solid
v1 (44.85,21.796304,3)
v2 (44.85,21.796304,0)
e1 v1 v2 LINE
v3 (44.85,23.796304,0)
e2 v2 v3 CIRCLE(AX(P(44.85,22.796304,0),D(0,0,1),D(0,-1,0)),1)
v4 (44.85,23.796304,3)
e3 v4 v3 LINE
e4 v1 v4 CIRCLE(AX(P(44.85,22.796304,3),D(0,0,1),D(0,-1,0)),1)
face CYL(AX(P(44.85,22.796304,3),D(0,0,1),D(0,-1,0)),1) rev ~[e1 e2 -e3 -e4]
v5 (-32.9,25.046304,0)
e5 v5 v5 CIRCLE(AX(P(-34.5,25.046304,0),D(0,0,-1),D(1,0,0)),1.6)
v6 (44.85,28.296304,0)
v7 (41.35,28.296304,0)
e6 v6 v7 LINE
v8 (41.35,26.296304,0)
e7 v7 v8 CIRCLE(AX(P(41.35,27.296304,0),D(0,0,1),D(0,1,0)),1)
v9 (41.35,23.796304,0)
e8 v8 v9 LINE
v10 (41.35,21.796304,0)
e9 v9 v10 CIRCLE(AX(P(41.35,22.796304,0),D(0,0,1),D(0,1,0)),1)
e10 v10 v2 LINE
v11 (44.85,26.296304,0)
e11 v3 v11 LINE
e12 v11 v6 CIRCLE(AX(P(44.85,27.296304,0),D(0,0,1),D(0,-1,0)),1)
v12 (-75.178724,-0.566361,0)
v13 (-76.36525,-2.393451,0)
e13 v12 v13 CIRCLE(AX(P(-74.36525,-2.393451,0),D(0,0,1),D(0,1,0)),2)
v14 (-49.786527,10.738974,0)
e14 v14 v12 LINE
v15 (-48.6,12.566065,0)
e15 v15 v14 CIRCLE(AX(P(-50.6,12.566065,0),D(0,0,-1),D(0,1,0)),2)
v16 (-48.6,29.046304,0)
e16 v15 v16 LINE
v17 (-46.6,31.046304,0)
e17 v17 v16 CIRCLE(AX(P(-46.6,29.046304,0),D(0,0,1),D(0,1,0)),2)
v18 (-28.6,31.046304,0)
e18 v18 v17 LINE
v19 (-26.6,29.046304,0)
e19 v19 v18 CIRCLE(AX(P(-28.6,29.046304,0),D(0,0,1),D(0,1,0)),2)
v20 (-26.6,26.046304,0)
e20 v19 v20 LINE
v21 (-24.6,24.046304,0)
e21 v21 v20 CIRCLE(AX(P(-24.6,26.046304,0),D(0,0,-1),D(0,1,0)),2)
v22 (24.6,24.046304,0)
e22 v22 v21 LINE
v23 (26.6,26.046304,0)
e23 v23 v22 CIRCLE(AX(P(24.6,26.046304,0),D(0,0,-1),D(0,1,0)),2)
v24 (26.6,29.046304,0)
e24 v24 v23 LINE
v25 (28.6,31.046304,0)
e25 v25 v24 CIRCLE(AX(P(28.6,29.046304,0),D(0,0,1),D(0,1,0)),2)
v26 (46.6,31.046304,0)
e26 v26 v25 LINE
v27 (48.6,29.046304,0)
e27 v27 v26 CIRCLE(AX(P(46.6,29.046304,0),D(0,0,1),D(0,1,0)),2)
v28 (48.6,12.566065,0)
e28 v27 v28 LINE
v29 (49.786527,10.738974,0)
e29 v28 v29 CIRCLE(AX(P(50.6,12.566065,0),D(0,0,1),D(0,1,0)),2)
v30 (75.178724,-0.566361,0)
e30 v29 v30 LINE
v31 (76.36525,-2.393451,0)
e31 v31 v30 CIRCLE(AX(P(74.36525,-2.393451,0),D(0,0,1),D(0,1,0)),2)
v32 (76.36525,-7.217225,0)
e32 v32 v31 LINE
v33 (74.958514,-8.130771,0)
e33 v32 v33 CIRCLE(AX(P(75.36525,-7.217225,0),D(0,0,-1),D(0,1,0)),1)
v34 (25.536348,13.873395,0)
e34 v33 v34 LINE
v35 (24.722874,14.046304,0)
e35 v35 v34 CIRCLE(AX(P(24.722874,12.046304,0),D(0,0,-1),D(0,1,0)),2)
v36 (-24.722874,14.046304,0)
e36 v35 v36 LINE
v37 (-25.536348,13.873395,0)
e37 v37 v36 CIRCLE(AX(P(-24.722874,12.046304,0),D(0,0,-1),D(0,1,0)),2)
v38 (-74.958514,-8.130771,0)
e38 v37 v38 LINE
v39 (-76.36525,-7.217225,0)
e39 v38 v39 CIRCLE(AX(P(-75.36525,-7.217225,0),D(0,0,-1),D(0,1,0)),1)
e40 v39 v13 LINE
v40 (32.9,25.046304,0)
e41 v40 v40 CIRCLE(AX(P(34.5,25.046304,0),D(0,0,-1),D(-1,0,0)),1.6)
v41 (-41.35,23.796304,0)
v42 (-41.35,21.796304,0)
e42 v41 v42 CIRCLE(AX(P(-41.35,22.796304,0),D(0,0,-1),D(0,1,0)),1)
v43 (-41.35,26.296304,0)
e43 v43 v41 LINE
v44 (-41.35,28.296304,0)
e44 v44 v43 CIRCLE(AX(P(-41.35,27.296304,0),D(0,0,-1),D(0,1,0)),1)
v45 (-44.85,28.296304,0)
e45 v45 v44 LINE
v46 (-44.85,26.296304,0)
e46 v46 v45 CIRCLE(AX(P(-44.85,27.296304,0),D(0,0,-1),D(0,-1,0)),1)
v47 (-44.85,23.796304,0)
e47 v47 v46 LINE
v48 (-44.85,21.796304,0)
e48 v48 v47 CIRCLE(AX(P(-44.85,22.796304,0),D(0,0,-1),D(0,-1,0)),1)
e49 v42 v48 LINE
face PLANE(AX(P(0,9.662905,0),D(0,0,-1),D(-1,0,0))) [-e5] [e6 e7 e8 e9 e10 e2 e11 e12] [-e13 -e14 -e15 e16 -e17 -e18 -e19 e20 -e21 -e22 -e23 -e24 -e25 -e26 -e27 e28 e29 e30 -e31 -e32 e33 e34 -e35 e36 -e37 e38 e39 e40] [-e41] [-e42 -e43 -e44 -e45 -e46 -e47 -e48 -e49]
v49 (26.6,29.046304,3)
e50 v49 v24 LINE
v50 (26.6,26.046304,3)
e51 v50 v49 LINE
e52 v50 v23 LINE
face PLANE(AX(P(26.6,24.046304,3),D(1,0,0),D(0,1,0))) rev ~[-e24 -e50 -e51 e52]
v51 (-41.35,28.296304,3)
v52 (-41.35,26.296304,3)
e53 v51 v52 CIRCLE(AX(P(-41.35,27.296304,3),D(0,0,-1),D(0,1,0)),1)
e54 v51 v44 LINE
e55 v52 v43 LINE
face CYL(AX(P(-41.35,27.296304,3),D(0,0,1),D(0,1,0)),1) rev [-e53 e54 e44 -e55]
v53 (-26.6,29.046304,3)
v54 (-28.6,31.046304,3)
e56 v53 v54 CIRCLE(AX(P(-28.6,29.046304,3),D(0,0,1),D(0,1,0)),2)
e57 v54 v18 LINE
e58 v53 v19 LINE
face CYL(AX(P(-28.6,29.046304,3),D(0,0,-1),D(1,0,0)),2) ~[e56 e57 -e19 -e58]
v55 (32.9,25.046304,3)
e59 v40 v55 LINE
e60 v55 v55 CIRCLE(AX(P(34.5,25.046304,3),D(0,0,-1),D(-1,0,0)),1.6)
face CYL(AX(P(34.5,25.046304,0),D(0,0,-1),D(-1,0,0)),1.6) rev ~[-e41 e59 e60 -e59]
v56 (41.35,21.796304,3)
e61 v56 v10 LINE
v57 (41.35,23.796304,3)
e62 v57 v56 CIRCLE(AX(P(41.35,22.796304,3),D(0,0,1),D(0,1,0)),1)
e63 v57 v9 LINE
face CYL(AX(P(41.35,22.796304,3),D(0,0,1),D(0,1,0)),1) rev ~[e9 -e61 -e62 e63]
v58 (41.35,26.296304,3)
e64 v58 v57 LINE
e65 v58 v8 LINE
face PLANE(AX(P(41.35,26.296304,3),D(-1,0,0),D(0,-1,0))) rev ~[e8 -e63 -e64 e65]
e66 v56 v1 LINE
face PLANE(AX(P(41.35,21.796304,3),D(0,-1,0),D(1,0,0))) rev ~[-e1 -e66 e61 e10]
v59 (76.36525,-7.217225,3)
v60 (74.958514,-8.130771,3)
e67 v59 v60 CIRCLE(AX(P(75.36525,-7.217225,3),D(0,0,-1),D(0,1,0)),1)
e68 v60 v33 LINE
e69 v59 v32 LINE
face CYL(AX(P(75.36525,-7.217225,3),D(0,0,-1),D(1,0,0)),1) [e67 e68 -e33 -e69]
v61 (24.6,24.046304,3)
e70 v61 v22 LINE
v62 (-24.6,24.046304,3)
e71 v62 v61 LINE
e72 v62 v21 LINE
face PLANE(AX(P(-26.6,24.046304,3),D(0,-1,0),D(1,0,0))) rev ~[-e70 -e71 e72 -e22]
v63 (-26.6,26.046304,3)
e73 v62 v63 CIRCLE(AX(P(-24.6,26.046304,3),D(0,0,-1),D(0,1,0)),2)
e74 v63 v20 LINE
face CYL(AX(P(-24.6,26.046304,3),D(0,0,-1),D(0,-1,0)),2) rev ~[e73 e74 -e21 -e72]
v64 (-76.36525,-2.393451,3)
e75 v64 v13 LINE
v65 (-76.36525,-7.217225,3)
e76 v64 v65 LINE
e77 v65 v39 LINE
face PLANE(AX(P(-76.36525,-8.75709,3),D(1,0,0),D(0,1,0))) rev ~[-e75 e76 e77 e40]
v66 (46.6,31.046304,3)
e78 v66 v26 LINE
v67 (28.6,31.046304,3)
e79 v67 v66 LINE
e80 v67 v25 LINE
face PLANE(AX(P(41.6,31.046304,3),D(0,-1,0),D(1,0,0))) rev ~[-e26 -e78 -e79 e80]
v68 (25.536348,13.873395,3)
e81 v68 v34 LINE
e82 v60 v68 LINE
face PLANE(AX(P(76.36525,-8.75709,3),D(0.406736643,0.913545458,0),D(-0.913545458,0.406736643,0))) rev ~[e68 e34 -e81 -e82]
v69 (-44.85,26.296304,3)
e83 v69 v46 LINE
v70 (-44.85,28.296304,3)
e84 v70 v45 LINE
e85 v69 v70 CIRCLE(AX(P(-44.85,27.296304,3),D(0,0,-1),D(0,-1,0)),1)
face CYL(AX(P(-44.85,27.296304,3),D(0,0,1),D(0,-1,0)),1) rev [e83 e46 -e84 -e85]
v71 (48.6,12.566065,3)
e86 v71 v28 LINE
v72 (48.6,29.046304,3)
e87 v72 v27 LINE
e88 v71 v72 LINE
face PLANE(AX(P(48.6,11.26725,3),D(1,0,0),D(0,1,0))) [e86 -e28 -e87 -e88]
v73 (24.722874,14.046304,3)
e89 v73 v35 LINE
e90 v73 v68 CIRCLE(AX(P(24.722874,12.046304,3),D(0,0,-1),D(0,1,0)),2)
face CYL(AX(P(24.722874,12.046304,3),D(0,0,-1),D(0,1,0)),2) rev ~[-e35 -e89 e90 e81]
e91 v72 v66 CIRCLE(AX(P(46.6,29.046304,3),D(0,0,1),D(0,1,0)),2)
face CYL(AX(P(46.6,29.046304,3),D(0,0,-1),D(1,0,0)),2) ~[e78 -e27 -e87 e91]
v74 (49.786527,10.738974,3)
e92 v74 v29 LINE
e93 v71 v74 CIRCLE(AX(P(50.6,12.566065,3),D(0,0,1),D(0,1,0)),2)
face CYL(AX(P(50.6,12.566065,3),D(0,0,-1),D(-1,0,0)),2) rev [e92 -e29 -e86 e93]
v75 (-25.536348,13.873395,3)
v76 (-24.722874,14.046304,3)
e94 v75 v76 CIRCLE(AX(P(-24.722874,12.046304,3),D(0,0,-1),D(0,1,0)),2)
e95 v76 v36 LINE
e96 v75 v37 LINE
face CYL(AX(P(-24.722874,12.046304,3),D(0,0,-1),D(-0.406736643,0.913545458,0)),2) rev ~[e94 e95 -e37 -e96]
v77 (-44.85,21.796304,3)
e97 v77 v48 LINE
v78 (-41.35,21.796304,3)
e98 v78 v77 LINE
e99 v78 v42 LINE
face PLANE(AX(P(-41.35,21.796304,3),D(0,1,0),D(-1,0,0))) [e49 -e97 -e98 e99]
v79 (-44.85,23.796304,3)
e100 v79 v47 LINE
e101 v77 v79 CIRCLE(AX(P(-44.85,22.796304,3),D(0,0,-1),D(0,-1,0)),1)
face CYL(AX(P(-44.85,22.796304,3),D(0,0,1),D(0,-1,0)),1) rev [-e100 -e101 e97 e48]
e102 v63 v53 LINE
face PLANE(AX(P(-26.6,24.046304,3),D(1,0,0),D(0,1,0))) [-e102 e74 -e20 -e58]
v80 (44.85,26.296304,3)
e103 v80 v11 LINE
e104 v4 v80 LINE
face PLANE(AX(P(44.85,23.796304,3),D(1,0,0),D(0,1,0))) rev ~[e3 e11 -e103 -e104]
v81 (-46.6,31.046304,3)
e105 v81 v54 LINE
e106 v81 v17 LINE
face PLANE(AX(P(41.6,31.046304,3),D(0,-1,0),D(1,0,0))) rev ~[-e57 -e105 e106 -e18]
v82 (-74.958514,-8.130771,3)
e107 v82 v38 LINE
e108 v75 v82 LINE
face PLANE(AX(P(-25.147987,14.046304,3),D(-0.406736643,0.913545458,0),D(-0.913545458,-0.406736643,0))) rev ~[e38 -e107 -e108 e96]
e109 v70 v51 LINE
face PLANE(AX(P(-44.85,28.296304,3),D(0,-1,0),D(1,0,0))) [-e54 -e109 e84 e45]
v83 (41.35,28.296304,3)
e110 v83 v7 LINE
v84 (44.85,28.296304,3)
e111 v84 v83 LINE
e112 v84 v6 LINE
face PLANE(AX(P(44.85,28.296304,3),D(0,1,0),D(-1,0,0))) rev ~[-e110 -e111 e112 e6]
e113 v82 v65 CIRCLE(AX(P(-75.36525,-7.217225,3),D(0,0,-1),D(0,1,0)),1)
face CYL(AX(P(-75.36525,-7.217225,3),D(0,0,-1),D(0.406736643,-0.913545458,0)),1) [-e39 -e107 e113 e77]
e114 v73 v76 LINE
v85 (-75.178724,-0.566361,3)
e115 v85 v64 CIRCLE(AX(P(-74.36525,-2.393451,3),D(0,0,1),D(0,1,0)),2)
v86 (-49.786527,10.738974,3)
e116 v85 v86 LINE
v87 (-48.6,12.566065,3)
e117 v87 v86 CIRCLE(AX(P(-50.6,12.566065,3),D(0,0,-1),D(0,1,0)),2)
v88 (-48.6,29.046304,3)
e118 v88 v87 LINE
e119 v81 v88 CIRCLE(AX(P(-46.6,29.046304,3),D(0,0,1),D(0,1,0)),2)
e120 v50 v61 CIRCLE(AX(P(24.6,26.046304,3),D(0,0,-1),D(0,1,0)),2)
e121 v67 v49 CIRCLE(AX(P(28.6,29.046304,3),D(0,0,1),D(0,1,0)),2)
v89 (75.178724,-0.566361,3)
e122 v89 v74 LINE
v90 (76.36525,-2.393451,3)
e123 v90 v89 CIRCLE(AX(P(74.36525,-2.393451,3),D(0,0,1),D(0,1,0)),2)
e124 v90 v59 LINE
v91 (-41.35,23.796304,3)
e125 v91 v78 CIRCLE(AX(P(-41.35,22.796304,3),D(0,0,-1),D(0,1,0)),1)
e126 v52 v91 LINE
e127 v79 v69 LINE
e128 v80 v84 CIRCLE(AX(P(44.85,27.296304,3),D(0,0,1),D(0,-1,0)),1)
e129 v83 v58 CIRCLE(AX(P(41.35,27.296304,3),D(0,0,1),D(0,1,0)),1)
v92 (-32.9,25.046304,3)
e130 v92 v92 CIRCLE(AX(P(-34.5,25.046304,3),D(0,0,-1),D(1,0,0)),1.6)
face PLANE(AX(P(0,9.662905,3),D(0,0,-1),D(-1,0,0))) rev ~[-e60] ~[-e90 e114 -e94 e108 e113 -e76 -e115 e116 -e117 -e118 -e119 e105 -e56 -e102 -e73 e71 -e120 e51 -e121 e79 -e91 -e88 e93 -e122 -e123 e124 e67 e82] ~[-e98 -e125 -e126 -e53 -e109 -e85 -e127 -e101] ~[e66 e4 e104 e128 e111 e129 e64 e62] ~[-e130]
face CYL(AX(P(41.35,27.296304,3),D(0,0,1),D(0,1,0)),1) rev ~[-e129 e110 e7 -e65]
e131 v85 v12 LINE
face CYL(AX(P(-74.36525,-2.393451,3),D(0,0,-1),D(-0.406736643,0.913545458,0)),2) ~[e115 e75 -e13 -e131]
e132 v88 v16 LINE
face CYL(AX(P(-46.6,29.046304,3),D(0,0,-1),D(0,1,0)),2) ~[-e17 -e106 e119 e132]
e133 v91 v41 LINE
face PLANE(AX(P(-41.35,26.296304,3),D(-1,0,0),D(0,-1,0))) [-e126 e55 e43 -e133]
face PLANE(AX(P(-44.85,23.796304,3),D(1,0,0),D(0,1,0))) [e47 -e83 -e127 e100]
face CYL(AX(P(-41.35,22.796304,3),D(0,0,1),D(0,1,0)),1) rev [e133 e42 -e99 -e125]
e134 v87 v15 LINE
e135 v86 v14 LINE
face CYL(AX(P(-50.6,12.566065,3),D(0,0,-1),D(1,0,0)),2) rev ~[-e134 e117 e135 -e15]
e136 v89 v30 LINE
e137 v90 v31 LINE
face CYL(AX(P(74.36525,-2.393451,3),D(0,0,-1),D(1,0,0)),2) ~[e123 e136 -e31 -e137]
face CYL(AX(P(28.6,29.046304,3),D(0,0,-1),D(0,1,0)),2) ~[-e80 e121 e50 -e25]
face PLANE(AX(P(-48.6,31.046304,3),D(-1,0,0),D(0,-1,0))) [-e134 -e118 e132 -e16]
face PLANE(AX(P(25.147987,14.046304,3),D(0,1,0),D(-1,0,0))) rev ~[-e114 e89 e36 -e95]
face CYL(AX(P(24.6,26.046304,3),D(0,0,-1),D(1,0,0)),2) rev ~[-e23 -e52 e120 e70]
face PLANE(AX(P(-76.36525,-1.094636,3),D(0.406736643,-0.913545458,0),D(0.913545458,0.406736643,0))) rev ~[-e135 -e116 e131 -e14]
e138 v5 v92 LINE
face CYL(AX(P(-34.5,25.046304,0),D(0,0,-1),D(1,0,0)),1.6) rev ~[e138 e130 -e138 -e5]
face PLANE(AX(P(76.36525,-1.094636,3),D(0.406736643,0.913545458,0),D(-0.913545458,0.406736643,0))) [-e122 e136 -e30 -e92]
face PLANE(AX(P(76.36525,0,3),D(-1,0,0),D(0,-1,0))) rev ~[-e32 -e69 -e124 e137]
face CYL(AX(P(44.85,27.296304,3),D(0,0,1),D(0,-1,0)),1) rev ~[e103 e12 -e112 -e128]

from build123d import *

# Parameters (mm, degrees)
EXTRUDE_1_DEPTH     = 3
SKETCH_2_W          = 83.2
SKETCH_2_H          = 9
EXTRUDE_2_DEPTH     = 3
SKETCH_3_W          = 42.77133807
SKETCH_3_H          = 9.521513309
CUT_EXTRUDE_1_DEPTH = 3
EXTRUDE_3_DEPTH     = 3
CUT_EXTRUDE_2_DEPTH = 3
EXTRUDE_4_DEPTH     = 3
SKETCH_6_R          = 1.6
CUT_EXTRUDE_3_DEPTH = 3
SKETCH_8_W          = 53.2
SKETCH_8_H          = 7
CUT_EXTRUDE_4_DEPTH = 10
FILLET_2_R          = 2
FILLET_3_R          = 1


with BuildPart() as part:
    # 草图1 → 凸台-拉伸1 (new body)
    with BuildSketch(Plane.XY):
        Polygon((76.365250313, 0), (0, 34), (-76.365250313, 0), (-76.365250313, 6.567817671), (0, 40.567817671), (76.365250313, 6.567817671), align=None)
    extrude(amount=EXTRUDE_1_DEPTH)

    # 草图2 → 凸台-拉伸2 (add)
    with BuildSketch(Plane.XY.offset(3)):
        with Locations((0, 26.546304362)):
            Rectangle(SKETCH_2_W, SKETCH_2_H)
    extrude(amount=-EXTRUDE_2_DEPTH)

    # 草图3 → 切除-拉伸1 (cut)
    with BuildSketch(Plane.XY.offset(3)):
        with Locations((0, 35.807061017)):
            Rectangle(SKETCH_3_W, SKETCH_3_H)
    extrude(amount=-CUT_EXTRUDE_1_DEPTH, mode=Mode.SUBTRACT)

    # 草图4 → 凸台-拉伸3 (add)
    with BuildSketch(Plane.XY.offset(3)):
        Polygon((41.6, 31.046304362), (48.6, 31.046304362), (48.6, 18.929703565), (41.6, 22.046304362), align=None)
        Polygon((-41.6, 31.046304362), (-48.6, 31.046304362), (-48.6, 18.929703565), (-41.6, 22.046304362), align=None)
    extrude(amount=-EXTRUDE_3_DEPTH)

    # 草图5 → 切除-拉伸2 (cut)
    with BuildSketch(Plane.XY.offset(3)):
        with BuildLine():
            Line((-44.85, 28.296304362), (-41.35, 28.296304362))
            ThreePointArc((-41.35, 28.296304362), (-40.35, 27.296304362), (-41.35, 26.296304362))
            Line((-41.35, 26.296304362), (-41.35, 23.796304362))
            ThreePointArc((-41.35, 23.796304362), (-40.35, 22.796304362), (-41.35, 21.796304362))
            Line((-41.35, 21.796304362), (-44.85, 21.796304362))
            ThreePointArc((-44.85, 21.796304362), (-45.85, 22.796304362), (-44.85, 23.796304362))
            Line((-44.85, 23.796304362), (-44.85, 26.296304362))
            ThreePointArc((-44.85, 26.296304362), (-45.85, 27.296304362), (-44.85, 28.296304362))
        make_face()
        with BuildLine():
            Line((41.35, 26.296304362), (41.35, 23.796304362))
            ThreePointArc((41.35, 23.796304362), (40.35, 22.796304362), (41.35, 21.796304362))
            Line((41.35, 21.796304362), (44.85, 21.796304362))
            ThreePointArc((44.85, 21.796304362), (45.85, 22.796304362), (44.85, 23.796304362))
            Line((44.85, 23.796304362), (44.85, 26.296304362))
            ThreePointArc((44.85, 26.296304362), (45.85, 27.296304362), (44.85, 28.296304362))
            Line((44.85, 28.296304362), (41.35, 28.296304362))
            ThreePointArc((41.35, 28.296304362), (40.35, 27.296304362), (41.35, 26.296304362))
        make_face()
    extrude(amount=-CUT_EXTRUDE_2_DEPTH, mode=Mode.SUBTRACT)

    # 草图7 → 凸台-拉伸4 (add)
    with BuildSketch(Plane.XY.offset(3)):
        Polygon((26.848439987, 22.046304362), (76.365250313, 0), (76.365250313, -8.757090228), (25.147987493, 14.046304362), (-25.147987493, 14.046304362), (-76.365250313, -8.757090228), (-76.365250313, 0), (-26.848439987, 22.046304362), align=None)
    extrude(amount=-EXTRUDE_4_DEPTH)

    # 草图6 → 切除-拉伸3 (cut)
    with BuildSketch(Plane(origin=(0, 0, 0), x_dir=(-1, 0, 0), z_dir=(0, 0, -1))):
        with Locations((-34.5, 25.046304362)):
            Circle(SKETCH_6_R)
        with Locations(Location((34.5, 25.046304362, 0), (0, 0, 180))):
            Circle(SKETCH_6_R)
    extrude(amount=-CUT_EXTRUDE_3_DEPTH, mode=Mode.SUBTRACT)

    # 草图8 → 切除-拉伸4 (cut)
    with BuildSketch(Plane.XY.offset(3)):
        Polygon((-76.365250313, -1.094636279), (-48.6, 11.267249615), (-48.6, 18.929703565), (-76.365250313, 6.567817671), align=None)
        with Locations((0, 27.546304362)):
            Rectangle(SKETCH_8_W, SKETCH_8_H)
        Polygon((48.6, 18.929703565), (76.365250313, 6.567817671), (76.365250313, -1.094636279), (48.6, 11.267249615), align=None)
    extrude(amount=-CUT_EXTRUDE_4_DEPTH, mode=Mode.SUBTRACT)

    # 圆角2
    fillet_2_edges = [part.edges().sort_by_distance(p)[0] for p in [
        (25.147987493, 14.046304362, 1.5),
        (-25.147987493, 14.046304362, 1.5),
        (-26.6, 31.046304362, 1.5),
        (26.6, 31.046304362, 1.5),
        (-76.365250313, -1.094636279, 1.5),
        (-48.6, 11.267249615, 1.5),
        (26.6, 24.046304362, 1.5),
        (-26.6, 24.046304362, 1.5),
        (48.6, 11.267249615, 1.5),
        (76.365250313, -1.094636279, 1.5),
        (48.6, 31.046304362, 1.5),
        (-48.6, 31.046304362, 1.5),
    ]]
    fillet(fillet_2_edges, radius=FILLET_2_R)

    # 圆角3
    fillet_3_edges = [part.edges().sort_by_distance(p)[0] for p in [
        (76.365250313, -8.757090228, 1.5),
        (-76.365250313, -8.757090228, 1.5),
    ]]
    fillet(fillet_3_edges, radius=FILLET_3_R)


solid = part.part
